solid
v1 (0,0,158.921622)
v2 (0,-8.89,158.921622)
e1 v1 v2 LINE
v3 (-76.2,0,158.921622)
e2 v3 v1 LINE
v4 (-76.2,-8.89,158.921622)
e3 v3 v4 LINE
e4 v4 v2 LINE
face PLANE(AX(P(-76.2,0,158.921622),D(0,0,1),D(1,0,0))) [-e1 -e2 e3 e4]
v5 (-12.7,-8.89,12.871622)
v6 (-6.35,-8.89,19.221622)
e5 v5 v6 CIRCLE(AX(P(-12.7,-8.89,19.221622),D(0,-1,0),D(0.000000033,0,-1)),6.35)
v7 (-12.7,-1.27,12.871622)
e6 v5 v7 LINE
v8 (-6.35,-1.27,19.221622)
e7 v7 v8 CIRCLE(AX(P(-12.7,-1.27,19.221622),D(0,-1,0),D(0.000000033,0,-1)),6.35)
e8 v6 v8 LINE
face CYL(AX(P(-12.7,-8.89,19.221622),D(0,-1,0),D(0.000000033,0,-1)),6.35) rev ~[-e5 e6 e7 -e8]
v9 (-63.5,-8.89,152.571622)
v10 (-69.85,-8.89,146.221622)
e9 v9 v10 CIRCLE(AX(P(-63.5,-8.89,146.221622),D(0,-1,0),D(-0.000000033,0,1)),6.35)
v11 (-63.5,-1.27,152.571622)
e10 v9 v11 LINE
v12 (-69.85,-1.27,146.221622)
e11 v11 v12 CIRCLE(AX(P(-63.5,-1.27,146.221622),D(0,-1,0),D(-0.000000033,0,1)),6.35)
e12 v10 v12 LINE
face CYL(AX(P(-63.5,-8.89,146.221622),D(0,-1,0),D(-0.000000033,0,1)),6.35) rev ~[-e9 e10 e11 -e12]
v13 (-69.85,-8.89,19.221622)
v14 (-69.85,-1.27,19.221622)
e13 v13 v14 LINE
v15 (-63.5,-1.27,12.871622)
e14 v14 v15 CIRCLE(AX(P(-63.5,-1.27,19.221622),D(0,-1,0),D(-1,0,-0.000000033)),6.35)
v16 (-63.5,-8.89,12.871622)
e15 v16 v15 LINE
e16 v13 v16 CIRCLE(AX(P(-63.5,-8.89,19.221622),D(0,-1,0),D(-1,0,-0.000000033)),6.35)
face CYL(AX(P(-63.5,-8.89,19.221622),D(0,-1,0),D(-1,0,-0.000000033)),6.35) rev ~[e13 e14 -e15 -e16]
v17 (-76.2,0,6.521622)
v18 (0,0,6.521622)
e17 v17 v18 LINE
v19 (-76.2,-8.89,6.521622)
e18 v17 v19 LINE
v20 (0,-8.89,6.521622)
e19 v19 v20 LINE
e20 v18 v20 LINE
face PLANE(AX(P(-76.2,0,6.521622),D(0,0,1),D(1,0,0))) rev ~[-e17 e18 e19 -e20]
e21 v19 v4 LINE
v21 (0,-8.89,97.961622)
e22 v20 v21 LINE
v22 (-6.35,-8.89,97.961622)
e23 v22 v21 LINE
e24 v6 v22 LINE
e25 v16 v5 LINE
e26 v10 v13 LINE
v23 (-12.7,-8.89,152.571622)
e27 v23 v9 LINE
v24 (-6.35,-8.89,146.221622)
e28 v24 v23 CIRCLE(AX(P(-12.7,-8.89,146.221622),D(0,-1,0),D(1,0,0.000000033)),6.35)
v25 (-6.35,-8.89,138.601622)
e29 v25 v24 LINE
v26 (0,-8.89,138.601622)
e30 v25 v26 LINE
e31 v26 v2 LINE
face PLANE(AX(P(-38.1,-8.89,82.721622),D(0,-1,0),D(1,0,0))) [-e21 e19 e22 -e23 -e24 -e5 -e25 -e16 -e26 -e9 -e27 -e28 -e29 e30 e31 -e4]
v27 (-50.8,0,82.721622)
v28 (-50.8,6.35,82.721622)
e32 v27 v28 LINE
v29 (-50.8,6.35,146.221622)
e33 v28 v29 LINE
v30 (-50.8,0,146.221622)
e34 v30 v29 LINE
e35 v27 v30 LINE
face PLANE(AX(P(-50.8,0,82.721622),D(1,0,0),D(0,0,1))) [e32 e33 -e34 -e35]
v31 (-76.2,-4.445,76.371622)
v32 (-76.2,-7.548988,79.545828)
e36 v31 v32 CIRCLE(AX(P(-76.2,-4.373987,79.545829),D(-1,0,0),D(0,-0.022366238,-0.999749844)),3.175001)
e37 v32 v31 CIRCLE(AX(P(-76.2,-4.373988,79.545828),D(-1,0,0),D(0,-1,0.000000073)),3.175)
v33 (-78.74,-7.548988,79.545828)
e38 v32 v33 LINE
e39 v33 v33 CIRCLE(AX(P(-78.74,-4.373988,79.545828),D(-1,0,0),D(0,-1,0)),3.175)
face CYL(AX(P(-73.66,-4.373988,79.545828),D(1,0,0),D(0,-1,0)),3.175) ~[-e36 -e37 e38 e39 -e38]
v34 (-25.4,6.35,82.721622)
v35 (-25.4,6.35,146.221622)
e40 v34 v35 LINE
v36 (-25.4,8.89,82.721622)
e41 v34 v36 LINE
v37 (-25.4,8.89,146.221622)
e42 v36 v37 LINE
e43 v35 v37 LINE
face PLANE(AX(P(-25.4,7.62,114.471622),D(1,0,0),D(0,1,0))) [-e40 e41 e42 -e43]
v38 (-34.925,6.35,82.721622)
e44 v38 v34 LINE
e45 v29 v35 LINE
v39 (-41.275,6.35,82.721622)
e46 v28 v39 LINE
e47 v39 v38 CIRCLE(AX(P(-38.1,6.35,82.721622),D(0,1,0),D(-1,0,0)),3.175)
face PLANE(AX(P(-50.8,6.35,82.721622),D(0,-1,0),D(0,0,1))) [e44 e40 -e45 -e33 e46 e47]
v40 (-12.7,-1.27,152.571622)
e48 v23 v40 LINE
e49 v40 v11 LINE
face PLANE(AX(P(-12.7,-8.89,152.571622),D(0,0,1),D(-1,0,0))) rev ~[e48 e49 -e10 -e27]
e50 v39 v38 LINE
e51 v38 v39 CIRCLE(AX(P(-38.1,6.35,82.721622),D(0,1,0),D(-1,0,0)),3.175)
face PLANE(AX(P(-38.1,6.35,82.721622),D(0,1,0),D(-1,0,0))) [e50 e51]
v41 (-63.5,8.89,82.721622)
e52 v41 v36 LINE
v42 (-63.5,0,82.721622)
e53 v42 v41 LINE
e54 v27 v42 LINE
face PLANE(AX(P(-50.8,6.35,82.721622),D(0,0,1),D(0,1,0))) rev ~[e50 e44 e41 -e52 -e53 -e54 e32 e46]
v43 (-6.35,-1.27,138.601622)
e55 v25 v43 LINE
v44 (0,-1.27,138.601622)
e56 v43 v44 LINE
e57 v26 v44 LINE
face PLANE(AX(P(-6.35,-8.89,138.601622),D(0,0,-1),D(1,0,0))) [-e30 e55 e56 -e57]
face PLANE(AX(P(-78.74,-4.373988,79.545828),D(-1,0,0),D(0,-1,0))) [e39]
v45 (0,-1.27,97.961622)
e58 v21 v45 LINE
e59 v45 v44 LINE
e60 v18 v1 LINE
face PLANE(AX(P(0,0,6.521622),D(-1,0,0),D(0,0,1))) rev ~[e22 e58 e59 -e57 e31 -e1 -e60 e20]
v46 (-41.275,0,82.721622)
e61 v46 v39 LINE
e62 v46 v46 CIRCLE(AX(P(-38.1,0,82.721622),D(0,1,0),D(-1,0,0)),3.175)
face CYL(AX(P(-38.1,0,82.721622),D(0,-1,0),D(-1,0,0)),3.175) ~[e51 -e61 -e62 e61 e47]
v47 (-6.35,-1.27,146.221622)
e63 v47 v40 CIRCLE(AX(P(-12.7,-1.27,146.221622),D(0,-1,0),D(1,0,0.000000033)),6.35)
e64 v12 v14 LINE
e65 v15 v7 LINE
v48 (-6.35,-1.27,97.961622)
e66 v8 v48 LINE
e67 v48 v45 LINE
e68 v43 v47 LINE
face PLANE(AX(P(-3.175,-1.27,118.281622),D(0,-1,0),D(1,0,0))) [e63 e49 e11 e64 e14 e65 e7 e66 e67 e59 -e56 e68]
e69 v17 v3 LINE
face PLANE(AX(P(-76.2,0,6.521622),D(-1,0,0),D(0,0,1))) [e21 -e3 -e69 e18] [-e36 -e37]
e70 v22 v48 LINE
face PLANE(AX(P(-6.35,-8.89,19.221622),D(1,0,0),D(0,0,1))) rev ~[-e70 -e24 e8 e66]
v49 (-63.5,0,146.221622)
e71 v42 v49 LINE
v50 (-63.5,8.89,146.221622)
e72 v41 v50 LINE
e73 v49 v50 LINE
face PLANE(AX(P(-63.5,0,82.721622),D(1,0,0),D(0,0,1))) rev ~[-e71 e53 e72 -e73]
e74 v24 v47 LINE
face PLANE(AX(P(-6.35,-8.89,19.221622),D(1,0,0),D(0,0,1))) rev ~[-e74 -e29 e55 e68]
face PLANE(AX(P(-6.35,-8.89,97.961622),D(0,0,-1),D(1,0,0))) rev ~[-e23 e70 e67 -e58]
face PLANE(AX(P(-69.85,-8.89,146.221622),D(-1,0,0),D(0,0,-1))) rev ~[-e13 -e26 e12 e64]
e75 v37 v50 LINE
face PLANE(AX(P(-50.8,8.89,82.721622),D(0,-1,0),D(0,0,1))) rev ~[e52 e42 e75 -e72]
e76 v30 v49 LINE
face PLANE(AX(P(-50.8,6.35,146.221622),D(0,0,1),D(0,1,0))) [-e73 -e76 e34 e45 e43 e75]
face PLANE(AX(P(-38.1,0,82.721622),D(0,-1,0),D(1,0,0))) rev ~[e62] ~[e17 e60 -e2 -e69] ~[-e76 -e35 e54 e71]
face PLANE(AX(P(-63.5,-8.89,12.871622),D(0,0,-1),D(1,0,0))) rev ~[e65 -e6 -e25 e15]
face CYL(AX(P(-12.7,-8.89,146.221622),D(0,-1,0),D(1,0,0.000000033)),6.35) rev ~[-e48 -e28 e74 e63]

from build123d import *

# Parameters (mm, degrees)
F0_W      = 76.2
F0_H      = 152.4
F1_DEPTH  = 8.89
F3_DEPTH  = 7.62
F4_W      = 6.35
F4_H      = 40.64
F5_DEPTH  = 7.62
F7_DEPTH  = 2.54
F7_FACE_R = 3.175
F8_DEPTH  = 5.08
F9_R      = 3.175
F10_DEPTH = 6.35
F11_W     = 12.7
F11_H     = 63.5
F12_DEPTH = 8.89
F13_W     = 2.54
F13_H     = 63.5
F14_DEPTH = 25.4


with BuildPart() as f1:
    # F0 (on Front) → F1 (new body)
    with BuildSketch(Plane.XZ):
        with Locations((-38.1, 82.721622)):
            Rectangle(F0_W, F0_H)
    extrude(amount=F1_DEPTH)

    # F2 (on face) → F3 (cut)
    with BuildSketch(Plane.XZ.offset(8.89)):
        with BuildLine():
            ThreePointArc((-69.85, 19.221622), (-67.990128, 14.731494), (-63.5, 12.871622))
            Line((-63.5, 12.871622), (-12.7, 12.871622))
            ThreePointArc((-12.7, 12.871622), (-8.209872, 14.731494), (-6.35, 19.221622))
            Line((-6.35, 19.221622), (-6.35, 146.221622))
            ThreePointArc((-6.35, 146.221622), (-8.209872, 150.71175), (-12.7, 152.571622))
            Line((-12.7, 152.571622), (-50.255585, 152.571622))
            Line((-50.255585, 152.571622), (-63.5, 152.571622))
            ThreePointArc((-63.5, 152.571622), (-67.990128, 150.71175), (-69.85, 146.221622))
            Line((-69.85, 146.221622), (-69.85, 115.075722))
            Line((-69.85, 115.075722), (-69.85, 19.221622))
        make_face()
    extrude(amount=-F3_DEPTH, mode=Mode.SUBTRACT)

    # F4 (on face) → F5 (cut)
    with BuildSketch(Plane.XZ.offset(8.89)):
        with Locations((-3.175, 118.281622)):
            Rectangle(F4_W, F4_H)
    extrude(amount=-F5_DEPTH, mode=Mode.SUBTRACT)

    # F6 (on face) → F7 (cut)
    with BuildSketch(Plane(origin=(-76.2, 0, 0), x_dir=(0, -1, 0), z_dir=(-1, 0, 0))):
        with BuildLine():
            ThreePointArc((4.445, 76.371622), (6.64402, 77.326013), (7.548988, 79.545828))
            ThreePointArc((7.548988, 79.545828), (2.103956, 81.765643), (4.445, 76.371622))
        make_face()
    extrude(amount=-F7_DEPTH, mode=Mode.SUBTRACT)

    # F7_face (on face) → F8 (join)
    with BuildSketch(Plane(origin=(-73.66, -4.373988, 79.545828), x_dir=(0, -1, 0), z_dir=(-1, 0, 0))):
        Circle(F7_FACE_R)
    extrude(amount=F8_DEPTH)

    # F9 (on face) → F10 (join)
    with BuildSketch(Plane(origin=(0, 0, 0), x_dir=(-1, 0, 0), z_dir=(0, 1, 0))):
        with Locations((38.1, 82.721622)):
            Circle(F9_R)
    extrude(amount=F10_DEPTH)

    # F11 (on face) → F12 (join)
    with BuildSketch(Plane(origin=(0, 0, 0), x_dir=(-1, 0, 0), z_dir=(0, 1, 0))):
        with Locations((57.15, 114.471622)):
            Rectangle(F11_W, F11_H)
    extrude(amount=F12_DEPTH)

    # F13 (on face) → F14 (join)
    with BuildSketch(Plane.YZ.offset(-50.8)):
        with Locations((7.62, 114.471622)):
            Rectangle(F13_W, F13_H)
    extrude(amount=F14_DEPTH)


solid = f1.part
